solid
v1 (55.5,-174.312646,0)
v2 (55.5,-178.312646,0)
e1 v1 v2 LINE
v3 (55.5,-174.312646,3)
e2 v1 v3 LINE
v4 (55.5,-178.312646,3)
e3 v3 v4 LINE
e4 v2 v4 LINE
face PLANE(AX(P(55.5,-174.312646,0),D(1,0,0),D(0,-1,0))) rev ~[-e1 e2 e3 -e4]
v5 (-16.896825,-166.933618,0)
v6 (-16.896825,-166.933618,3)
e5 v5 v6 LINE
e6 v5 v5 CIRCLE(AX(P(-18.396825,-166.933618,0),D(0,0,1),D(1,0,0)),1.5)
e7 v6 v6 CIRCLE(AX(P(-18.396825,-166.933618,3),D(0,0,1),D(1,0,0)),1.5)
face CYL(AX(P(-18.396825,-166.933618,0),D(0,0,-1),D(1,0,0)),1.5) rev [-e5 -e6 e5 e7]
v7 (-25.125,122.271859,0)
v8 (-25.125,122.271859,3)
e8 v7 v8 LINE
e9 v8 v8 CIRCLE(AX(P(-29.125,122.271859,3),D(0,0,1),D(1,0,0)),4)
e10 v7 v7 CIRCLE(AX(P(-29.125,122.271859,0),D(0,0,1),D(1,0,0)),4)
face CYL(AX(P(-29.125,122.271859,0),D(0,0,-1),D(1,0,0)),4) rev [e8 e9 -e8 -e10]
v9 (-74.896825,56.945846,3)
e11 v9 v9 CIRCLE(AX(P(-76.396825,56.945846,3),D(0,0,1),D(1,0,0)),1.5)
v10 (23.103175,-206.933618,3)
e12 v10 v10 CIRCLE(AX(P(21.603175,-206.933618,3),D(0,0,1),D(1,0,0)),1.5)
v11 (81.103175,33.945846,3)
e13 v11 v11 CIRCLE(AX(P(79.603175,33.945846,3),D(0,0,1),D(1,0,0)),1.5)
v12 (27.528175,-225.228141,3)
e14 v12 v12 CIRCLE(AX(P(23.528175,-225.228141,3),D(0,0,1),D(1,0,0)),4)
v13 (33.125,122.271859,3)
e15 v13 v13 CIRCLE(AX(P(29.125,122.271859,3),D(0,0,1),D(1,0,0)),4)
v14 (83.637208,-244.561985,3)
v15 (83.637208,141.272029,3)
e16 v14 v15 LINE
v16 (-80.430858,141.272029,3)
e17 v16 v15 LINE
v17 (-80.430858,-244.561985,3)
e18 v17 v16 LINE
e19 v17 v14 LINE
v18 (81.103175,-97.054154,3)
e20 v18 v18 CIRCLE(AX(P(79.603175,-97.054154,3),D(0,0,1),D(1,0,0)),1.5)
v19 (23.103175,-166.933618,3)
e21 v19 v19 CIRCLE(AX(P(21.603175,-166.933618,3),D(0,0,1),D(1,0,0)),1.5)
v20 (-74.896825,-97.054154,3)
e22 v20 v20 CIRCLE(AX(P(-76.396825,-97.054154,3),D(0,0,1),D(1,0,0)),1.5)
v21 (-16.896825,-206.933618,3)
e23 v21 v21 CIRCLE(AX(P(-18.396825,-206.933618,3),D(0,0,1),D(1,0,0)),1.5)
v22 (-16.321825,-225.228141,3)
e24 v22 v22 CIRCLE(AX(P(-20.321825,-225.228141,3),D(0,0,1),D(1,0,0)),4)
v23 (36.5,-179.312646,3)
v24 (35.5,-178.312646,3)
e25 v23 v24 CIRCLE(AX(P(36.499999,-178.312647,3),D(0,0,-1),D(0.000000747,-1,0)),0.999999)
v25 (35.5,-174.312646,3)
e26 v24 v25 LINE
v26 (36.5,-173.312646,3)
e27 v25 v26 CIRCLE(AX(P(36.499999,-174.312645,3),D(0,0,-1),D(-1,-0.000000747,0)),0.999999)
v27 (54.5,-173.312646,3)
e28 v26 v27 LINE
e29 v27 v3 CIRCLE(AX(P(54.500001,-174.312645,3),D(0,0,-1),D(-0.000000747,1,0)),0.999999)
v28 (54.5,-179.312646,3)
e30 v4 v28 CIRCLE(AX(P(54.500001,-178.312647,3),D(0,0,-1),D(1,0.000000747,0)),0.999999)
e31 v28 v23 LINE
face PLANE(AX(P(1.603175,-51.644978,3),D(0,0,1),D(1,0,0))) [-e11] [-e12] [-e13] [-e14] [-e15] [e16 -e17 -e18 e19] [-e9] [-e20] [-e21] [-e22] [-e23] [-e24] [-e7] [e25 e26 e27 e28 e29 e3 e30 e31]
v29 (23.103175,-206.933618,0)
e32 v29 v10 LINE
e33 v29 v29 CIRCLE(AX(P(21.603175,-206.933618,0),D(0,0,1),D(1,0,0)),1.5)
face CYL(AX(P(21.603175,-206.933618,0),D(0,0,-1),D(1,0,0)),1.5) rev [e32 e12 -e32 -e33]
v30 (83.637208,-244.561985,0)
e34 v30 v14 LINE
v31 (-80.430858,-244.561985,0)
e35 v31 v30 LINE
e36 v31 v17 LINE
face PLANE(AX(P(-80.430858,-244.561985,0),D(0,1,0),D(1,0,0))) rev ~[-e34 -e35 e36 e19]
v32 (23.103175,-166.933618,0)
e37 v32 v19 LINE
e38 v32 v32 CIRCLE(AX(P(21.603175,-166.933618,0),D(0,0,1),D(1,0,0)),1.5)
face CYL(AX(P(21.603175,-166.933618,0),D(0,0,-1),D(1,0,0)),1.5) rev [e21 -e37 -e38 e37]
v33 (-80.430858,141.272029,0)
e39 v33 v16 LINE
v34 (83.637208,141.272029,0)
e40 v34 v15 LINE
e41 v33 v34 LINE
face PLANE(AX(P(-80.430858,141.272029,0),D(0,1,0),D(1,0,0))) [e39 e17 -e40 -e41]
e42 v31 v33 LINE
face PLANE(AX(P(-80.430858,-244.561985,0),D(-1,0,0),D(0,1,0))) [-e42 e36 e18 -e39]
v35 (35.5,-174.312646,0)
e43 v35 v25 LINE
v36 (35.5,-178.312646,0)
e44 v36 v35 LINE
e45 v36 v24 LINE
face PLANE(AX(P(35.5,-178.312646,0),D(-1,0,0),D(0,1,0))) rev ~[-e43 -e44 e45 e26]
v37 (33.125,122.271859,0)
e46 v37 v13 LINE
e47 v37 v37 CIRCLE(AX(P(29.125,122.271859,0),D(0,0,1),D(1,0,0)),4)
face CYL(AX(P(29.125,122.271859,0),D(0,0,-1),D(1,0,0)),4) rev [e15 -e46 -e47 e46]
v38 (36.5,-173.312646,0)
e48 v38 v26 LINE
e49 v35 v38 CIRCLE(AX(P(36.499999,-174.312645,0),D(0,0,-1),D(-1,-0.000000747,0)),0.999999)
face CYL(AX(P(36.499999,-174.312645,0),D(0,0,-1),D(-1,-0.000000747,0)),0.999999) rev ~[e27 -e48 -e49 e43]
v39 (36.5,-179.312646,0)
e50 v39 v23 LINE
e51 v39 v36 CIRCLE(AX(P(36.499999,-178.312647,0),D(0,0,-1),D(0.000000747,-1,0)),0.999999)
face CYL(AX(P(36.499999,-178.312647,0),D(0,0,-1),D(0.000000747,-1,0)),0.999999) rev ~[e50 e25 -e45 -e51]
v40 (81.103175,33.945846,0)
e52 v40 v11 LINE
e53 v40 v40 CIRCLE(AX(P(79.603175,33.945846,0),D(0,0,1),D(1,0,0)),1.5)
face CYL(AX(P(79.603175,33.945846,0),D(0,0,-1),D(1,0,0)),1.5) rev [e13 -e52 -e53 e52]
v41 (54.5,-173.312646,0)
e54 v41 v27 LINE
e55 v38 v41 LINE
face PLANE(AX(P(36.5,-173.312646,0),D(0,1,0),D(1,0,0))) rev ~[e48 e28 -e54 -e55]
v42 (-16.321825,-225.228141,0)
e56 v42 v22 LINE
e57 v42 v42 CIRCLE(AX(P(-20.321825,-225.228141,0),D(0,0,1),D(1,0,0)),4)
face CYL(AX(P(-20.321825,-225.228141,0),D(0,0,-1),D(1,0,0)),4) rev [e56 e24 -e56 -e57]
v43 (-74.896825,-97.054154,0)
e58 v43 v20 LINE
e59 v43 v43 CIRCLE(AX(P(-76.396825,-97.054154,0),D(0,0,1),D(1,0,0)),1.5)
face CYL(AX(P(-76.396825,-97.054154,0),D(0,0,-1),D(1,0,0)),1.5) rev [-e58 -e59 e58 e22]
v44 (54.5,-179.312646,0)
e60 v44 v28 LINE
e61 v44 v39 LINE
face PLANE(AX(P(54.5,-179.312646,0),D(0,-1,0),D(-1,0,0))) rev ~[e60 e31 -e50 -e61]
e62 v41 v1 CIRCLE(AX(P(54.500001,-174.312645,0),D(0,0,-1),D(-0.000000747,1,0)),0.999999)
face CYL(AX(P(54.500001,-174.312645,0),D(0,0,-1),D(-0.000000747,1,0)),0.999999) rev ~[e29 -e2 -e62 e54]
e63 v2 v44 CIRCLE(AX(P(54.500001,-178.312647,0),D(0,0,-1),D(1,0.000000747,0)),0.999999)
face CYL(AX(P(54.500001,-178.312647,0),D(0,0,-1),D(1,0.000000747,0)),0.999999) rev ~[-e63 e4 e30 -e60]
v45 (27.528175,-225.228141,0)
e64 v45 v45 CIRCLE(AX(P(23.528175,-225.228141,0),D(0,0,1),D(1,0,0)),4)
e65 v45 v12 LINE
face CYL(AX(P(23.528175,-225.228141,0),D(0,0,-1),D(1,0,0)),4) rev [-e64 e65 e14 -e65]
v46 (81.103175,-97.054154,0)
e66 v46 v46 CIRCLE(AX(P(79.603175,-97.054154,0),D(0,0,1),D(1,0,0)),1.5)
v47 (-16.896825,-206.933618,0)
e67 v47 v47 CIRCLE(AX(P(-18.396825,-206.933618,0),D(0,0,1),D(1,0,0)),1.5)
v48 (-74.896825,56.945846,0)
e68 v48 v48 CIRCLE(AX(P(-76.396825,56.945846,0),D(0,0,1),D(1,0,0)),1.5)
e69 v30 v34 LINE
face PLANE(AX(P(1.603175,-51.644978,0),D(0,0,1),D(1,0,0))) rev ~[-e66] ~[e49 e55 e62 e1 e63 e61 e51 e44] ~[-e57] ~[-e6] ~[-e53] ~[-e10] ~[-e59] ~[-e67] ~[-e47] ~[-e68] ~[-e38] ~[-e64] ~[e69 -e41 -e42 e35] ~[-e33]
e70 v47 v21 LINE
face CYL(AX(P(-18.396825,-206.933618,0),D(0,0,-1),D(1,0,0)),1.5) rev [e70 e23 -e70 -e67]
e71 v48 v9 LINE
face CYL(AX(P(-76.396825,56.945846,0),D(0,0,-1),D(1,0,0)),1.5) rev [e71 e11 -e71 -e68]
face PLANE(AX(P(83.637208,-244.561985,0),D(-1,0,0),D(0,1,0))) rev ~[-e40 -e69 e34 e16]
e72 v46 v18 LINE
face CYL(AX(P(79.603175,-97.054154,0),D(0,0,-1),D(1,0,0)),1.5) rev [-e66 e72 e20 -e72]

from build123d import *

# Parameters (mm, degrees)
F0_W     = 164.068065
F0_H     = 385.834014
F0_R     = 4
F0_R_2   = 1.5
F1_DEPTH = 3


with BuildPart() as f1:
    # F0 (on Top) → F1 (new body)
    with BuildSketch(Plane.XY):
        with Locations((1.603175, -51.644978)):
            Rectangle(F0_W, F0_H)
        with Locations((-20.321825, -225.228141)):
            Circle(F0_R, mode=Mode.SUBTRACT)
        with Locations((-18.396825, -206.933618)):
            Circle(F0_R_2, mode=Mode.SUBTRACT)
        with Locations((-18.396825, -166.933618)):
            Circle(F0_R_2, mode=Mode.SUBTRACT)
        with Locations((-76.396825, -97.054154)):
            Circle(F0_R_2, mode=Mode.SUBTRACT)
        with Locations((21.603175, -206.933618)):
            Circle(F0_R_2, mode=Mode.SUBTRACT)
        with Locations((23.528175, -225.228141)):
            Circle(F0_R, mode=Mode.SUBTRACT)
        with Locations((21.603175, -166.933618)):
            Circle(F0_R_2, mode=Mode.SUBTRACT)
        with BuildLine():
            Line((36.5, -173.312646), (54.5, -173.312646))
            ThreePointArc((54.5, -173.312646), (55.207107, -173.605539), (55.5, -174.312646))
            Line((55.5, -174.312646), (55.5, -178.312646))
            ThreePointArc((55.5, -178.312646), (55.207107, -179.019753), (54.5, -179.312646))
            Line((54.5, -179.312646), (36.5, -179.312646))
            ThreePointArc((36.5, -179.312646), (35.792893, -179.019753), (35.5, -178.312646))
            Line((35.5, -178.312646), (35.5, -174.312646))
            ThreePointArc((35.5, -174.312646), (35.792893, -173.605539), (36.5, -173.312646))
        make_face(mode=Mode.SUBTRACT)
        with Locations((79.603175, -97.054154)):
            Circle(F0_R_2, mode=Mode.SUBTRACT)
        with Locations((-76.396825, 56.945846)):
            Circle(F0_R_2, mode=Mode.SUBTRACT)
        with Locations((-29.125, 122.271859)):
            Circle(F0_R, mode=Mode.SUBTRACT)
        with Locations((79.603175, 33.945846)):
            Circle(F0_R_2, mode=Mode.SUBTRACT)
        with Locations((29.125, 122.271859)):
            Circle(F0_R, mode=Mode.SUBTRACT)
    extrude(amount=F1_DEPTH)


solid = f1.part
